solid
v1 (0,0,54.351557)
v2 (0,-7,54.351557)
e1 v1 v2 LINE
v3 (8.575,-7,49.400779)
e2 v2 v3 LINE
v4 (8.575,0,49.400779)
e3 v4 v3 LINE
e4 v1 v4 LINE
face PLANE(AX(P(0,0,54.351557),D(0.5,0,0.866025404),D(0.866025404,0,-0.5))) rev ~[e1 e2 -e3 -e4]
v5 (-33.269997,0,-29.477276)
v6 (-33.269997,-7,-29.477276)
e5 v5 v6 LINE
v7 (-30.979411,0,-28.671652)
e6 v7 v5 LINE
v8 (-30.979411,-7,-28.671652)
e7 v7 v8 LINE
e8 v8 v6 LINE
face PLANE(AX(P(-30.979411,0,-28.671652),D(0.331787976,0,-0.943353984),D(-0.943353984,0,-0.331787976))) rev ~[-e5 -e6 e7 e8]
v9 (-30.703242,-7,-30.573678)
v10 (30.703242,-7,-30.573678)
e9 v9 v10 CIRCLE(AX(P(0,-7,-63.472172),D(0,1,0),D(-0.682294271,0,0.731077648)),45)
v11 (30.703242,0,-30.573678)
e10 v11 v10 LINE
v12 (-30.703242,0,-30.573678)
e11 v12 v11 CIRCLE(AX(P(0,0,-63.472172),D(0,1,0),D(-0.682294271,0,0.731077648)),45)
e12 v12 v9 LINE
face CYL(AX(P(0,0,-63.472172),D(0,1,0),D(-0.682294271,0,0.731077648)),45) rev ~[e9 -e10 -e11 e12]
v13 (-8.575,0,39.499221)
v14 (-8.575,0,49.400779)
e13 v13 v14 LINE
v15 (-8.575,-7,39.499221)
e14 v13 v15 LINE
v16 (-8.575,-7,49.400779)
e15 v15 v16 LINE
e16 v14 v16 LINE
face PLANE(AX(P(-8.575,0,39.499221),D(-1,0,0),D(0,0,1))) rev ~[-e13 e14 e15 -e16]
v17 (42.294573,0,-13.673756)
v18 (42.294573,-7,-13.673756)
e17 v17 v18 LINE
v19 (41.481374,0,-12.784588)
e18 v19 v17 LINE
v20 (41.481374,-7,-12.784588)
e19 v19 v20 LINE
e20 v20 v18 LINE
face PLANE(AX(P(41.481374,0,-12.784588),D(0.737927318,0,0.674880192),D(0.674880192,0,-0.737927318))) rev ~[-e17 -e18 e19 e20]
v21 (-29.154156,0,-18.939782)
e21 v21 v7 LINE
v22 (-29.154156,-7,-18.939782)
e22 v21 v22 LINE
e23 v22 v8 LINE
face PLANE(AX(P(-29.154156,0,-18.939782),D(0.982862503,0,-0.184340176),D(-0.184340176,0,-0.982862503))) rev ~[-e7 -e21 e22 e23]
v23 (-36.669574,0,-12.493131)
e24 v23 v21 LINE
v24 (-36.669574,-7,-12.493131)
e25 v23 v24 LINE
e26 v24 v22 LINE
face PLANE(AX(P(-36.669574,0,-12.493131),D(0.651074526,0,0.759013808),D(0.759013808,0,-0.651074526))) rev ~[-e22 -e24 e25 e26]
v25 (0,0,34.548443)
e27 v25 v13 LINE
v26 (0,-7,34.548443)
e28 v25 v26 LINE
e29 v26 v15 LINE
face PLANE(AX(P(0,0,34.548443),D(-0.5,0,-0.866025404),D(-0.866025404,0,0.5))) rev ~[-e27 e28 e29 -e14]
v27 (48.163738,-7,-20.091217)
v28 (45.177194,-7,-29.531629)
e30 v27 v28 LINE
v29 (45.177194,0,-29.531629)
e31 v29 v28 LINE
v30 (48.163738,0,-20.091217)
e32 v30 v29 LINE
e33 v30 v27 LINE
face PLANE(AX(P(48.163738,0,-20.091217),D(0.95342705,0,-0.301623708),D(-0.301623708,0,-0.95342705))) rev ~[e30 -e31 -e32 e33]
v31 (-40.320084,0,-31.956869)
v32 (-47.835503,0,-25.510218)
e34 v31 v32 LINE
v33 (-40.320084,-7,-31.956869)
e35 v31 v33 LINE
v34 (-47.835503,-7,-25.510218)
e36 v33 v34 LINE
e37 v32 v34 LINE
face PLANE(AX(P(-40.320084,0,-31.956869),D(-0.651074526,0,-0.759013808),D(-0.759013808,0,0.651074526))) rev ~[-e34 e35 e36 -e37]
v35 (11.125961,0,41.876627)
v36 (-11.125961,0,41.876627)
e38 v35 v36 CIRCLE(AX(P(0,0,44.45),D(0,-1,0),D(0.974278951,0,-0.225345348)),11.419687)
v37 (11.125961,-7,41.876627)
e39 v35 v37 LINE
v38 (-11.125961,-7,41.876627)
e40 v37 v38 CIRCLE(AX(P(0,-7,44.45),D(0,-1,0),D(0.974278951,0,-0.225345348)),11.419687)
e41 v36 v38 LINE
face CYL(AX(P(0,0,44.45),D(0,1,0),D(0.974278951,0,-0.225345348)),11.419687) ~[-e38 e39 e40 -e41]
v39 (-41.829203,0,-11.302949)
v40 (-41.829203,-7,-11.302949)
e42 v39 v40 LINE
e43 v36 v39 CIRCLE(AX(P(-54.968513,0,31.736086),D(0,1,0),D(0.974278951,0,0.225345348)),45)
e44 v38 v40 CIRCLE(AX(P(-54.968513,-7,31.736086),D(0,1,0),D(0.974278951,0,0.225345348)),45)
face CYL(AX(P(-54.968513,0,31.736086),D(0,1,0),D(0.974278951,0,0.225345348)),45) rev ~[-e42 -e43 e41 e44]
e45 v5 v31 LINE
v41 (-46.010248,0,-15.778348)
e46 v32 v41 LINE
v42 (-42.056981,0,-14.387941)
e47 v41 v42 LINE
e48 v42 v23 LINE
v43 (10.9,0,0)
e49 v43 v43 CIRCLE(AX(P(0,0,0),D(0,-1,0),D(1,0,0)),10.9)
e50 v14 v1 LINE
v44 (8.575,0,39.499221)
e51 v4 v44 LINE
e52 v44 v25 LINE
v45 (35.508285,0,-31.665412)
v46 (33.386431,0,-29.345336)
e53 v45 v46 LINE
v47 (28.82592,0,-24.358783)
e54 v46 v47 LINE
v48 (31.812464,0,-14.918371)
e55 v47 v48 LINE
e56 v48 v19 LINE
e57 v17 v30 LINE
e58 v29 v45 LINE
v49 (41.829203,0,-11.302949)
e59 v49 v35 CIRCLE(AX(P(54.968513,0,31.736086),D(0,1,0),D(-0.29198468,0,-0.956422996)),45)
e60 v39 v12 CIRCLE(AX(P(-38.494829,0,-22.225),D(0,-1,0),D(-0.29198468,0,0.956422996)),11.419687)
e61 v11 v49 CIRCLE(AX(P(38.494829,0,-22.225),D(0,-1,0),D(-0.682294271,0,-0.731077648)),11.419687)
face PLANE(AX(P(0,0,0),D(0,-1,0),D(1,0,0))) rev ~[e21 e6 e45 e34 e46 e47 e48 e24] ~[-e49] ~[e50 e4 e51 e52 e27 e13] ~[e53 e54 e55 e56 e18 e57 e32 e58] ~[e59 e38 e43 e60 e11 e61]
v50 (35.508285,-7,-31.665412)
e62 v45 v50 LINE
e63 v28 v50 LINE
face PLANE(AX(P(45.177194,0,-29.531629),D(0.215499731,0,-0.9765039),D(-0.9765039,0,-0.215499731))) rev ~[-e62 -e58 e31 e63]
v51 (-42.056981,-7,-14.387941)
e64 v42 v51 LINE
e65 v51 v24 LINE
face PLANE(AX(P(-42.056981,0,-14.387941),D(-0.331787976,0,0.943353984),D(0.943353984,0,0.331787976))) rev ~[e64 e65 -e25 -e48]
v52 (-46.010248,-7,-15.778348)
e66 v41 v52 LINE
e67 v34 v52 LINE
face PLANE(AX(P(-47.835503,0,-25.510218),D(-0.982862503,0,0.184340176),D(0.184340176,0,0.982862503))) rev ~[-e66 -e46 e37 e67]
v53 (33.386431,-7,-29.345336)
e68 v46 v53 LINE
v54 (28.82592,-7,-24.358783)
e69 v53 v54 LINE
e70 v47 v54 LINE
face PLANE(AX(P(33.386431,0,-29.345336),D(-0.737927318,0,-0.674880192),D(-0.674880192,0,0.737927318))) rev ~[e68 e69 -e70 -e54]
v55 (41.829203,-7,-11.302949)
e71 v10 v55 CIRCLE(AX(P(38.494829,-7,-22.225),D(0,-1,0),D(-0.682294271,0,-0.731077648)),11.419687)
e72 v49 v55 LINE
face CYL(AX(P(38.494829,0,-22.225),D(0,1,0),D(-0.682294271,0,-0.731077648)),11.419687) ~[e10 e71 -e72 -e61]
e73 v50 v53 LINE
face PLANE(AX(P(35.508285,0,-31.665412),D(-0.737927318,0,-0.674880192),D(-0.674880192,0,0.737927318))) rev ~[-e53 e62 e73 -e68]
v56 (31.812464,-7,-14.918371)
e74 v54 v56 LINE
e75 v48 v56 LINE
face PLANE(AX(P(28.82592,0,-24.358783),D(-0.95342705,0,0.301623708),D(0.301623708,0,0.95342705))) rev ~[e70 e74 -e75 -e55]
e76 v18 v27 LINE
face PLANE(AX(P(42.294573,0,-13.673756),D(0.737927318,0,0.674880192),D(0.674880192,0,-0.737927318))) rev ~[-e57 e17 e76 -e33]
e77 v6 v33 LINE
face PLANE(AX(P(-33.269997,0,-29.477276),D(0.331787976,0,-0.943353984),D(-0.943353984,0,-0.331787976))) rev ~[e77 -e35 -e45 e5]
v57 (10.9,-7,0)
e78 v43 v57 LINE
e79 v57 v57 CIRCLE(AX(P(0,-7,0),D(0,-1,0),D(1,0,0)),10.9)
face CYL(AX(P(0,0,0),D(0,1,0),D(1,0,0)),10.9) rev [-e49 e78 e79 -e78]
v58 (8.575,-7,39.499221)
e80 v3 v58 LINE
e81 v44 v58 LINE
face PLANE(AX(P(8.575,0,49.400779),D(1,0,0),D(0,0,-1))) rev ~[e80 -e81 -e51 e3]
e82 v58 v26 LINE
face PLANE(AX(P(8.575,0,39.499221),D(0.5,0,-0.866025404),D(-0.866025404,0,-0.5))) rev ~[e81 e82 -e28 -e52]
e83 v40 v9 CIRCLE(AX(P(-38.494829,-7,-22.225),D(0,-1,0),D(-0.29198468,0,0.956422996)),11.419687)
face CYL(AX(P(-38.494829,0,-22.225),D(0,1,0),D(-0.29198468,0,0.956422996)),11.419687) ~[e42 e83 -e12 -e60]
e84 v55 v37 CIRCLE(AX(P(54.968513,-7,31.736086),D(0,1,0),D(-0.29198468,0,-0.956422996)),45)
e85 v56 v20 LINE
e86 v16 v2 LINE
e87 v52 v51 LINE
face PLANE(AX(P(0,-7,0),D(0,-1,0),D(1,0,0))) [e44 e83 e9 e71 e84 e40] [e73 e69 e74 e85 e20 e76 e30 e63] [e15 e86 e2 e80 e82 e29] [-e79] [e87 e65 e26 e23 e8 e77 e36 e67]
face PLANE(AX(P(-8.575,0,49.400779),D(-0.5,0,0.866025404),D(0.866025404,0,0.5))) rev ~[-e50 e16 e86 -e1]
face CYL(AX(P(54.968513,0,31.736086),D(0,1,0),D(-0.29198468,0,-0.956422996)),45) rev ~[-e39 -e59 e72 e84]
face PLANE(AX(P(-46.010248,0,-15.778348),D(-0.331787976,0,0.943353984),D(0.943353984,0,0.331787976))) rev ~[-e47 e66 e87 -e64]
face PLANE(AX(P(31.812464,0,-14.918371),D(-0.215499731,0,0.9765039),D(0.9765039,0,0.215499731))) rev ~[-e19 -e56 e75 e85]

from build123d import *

# Parameters (mm, degrees)
F0_R     = 10.9
F1_DEPTH = 7


with BuildPart() as f1:
    # F0 (on Front) → F1 (new body)
    with BuildSketch(Plane.XZ):
        with BuildLine():
            ThreePointArc((41.8292028353, -11.3029487912), (15.9973702481, 9.2360860191), (11.1259606268, 41.876626671))
            ThreePointArc((11.1259606268, 41.876626671), (0, 55.8696869554), (-11.1259606268, 41.876626671))
            ThreePointArc((-11.1259606268, 41.876626671), (-15.9973702481, 9.2360860191), (-41.8292028353, -11.3029487912))
            ThreePointArc((-41.8292028353, -11.3029487912), (-48.3845682049, -27.9348434777), (-30.7032422085, -30.5736778798))
            ThreePointArc((-30.7032422085, -30.5736778798), (0, -18.4721720382), (30.7032422085, -30.5736778798))
            ThreePointArc((30.7032422085, -30.5736778798), (48.3845682049, -27.9348434777), (41.8292028353, -11.3029487912))
        make_face()
        Polygon((-36.6695744207, -12.4931307895), (-29.1541558468, -18.9397824005), (-30.9794106244, -28.671651611), (-33.2699969614, -29.4772760306), (-40.3200839758, -31.9568692105), (-47.8355025496, -25.5102175995), (-46.010247772, -15.778348389), (-42.056981042, -14.3879409796), align=None, mode=Mode.SUBTRACT)
        Polygon((42.294572947, -13.6737558569), (48.1637383341, -20.0912171021), (45.1771939619, -29.5316294896), (35.508284826, -31.6654123875), (33.3864310519, -29.3453356023), (28.8259200623, -24.3587828979), (31.8124644346, -14.9183705104), (41.4813735704, -12.7845876125), align=None, mode=Mode.SUBTRACT)
        Circle(F0_R, mode=Mode.SUBTRACT)
        Polygon((0, 54.3515571166), (8.575, 49.4007785583), (8.575, 43.6150418434), (8.575, 39.4992214417), (0, 34.5484428834), (-8.575, 39.4992214417), (-8.575, 43.6150418434), (-8.575, 49.4007785583), align=None, mode=Mode.SUBTRACT)
    extrude(amount=F1_DEPTH)


solid = f1.part
